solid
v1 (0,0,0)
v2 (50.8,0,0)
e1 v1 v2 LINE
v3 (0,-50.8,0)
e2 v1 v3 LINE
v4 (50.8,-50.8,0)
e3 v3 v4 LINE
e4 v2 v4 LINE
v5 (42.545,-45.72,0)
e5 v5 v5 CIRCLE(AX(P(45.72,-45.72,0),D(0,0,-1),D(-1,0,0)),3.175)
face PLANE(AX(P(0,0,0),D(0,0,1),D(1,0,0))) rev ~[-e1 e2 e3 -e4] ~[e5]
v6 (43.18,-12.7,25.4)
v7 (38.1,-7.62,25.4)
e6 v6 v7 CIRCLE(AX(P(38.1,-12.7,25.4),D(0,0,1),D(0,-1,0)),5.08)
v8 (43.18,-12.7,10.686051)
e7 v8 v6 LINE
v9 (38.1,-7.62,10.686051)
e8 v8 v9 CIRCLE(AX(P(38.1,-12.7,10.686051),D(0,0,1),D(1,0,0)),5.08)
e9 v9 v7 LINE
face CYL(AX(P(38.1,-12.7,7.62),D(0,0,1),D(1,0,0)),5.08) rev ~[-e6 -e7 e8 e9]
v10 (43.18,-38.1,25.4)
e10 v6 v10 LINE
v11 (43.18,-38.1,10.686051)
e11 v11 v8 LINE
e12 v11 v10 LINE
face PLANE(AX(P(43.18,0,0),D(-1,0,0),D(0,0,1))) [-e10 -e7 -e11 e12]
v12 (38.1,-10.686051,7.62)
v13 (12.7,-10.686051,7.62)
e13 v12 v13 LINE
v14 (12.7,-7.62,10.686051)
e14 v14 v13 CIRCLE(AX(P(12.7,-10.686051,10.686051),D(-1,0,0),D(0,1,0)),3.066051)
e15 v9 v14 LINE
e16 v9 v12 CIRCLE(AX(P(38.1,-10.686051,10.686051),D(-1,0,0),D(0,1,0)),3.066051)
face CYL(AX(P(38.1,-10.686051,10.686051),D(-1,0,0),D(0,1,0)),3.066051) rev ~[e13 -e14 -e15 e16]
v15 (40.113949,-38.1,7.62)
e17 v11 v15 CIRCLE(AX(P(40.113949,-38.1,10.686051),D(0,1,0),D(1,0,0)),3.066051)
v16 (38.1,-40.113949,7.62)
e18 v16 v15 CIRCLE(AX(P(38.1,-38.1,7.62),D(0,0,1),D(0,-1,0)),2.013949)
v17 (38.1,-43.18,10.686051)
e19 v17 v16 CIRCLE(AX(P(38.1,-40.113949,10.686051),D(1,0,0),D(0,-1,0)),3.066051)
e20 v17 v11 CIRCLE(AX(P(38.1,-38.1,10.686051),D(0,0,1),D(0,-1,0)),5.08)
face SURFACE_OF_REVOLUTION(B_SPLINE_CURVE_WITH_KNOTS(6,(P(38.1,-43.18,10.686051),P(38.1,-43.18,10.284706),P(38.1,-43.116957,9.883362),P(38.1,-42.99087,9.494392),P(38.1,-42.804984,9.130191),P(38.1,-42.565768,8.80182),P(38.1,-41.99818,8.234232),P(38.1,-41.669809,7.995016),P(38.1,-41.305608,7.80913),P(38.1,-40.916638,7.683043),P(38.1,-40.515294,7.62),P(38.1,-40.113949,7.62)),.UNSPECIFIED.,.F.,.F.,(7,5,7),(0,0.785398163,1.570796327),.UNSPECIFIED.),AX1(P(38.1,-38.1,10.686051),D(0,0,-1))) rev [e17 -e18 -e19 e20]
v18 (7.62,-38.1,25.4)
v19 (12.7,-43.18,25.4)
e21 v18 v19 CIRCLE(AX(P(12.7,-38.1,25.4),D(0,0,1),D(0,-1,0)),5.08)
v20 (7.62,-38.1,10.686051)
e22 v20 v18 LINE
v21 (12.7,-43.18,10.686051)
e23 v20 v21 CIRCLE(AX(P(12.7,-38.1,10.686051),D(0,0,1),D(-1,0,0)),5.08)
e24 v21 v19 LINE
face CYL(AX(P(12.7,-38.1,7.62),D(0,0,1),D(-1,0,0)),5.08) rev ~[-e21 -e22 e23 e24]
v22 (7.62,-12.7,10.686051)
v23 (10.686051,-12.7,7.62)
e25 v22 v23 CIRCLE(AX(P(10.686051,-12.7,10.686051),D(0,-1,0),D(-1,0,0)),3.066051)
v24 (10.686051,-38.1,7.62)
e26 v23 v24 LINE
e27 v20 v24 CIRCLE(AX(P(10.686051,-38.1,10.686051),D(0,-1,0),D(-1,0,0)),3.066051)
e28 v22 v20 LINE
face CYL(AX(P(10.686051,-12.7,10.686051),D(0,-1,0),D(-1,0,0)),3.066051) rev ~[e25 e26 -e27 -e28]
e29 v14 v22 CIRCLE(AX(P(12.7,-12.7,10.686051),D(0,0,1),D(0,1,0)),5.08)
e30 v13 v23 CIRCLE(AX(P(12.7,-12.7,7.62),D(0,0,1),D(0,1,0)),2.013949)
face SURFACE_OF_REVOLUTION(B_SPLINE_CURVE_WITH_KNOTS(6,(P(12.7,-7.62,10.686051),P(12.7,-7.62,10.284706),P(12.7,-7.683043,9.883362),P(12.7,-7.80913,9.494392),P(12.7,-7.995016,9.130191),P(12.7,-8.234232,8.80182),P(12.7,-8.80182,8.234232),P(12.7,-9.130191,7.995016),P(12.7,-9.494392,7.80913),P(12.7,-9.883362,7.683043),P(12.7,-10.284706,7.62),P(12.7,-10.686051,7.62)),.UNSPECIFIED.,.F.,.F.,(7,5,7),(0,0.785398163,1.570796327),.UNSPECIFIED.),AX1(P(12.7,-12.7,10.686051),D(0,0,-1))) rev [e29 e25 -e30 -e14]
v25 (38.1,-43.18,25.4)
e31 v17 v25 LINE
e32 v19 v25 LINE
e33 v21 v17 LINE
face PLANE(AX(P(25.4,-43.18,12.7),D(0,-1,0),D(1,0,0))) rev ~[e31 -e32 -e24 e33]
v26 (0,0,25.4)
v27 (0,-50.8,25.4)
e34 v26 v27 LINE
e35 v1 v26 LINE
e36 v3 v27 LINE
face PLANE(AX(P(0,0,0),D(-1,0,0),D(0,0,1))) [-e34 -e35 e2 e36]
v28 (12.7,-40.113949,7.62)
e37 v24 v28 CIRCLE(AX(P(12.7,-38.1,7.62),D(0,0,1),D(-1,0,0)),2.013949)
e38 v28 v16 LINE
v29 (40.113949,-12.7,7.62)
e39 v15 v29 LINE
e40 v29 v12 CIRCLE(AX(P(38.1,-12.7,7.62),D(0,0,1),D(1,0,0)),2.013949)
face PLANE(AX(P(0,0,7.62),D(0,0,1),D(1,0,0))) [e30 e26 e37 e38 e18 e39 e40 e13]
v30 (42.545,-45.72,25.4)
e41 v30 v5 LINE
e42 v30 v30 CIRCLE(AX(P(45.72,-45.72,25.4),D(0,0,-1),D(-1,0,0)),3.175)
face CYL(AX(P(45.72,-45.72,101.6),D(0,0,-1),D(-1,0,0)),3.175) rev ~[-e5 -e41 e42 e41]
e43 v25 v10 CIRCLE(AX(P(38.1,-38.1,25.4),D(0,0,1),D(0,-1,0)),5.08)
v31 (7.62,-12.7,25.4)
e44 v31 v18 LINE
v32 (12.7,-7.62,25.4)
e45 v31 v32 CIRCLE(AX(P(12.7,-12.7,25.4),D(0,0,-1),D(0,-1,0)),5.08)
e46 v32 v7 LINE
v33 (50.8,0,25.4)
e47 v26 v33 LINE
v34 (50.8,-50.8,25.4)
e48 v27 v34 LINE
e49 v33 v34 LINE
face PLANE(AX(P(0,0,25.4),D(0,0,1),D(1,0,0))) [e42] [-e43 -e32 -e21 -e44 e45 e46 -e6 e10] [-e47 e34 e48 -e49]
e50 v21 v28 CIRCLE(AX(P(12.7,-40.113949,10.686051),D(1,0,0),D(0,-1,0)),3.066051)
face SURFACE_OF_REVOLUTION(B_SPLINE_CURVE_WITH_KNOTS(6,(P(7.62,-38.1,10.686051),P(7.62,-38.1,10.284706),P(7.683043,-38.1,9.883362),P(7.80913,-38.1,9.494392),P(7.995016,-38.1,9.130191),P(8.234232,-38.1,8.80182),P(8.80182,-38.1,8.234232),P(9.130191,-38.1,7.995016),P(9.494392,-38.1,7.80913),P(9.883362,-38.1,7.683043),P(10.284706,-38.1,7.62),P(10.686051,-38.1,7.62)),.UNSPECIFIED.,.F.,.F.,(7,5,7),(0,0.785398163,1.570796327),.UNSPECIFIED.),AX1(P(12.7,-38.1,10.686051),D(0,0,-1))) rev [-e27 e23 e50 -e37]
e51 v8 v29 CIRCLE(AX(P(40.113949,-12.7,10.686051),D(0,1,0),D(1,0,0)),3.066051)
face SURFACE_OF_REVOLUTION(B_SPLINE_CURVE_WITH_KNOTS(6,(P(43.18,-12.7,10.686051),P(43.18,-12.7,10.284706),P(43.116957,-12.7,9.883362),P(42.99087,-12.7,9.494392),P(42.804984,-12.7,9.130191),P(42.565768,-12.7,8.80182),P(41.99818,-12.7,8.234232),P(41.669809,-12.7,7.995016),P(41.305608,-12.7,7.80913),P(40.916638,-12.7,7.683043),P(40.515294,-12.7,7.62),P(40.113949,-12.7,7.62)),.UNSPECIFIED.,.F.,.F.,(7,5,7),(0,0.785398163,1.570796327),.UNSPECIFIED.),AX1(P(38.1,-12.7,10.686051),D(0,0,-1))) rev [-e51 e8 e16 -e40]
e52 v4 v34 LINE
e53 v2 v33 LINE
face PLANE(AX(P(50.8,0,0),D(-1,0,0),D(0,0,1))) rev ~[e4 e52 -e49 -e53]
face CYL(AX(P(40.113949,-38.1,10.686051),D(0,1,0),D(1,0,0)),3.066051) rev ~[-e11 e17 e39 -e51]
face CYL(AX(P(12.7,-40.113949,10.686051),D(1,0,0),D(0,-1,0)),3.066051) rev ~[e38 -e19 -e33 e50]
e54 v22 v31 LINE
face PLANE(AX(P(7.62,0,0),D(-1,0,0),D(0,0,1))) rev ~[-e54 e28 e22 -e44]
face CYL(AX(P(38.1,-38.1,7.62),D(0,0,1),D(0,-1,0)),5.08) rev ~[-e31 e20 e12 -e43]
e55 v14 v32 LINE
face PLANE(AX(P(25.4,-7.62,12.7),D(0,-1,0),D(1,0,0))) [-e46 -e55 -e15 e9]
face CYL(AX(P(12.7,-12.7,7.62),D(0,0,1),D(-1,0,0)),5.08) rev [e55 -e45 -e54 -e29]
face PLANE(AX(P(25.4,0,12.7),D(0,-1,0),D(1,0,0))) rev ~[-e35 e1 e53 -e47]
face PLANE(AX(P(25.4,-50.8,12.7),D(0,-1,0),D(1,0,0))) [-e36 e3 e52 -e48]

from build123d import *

# Parameters (mm, degrees)
F0_W     = 50.8
F0_H     = 25.4
F1_DEPTH = 50.8
F2_T     = -7.62
F3_R     = 5.08
F4_R     = 5.08
F5_R     = 5.08
F6_R     = 5.08
F8_D     = 6.35
F9_R     = 3.0660512242


with BuildPart() as f1:
    # F0 (on Front) → F1 (new body)
    with BuildSketch(Plane.XZ):
        with Locations((25.4, 12.7)):
            Rectangle(F0_W, F0_H)
    extrude(amount=F1_DEPTH)

    # F2
    f2_openings = [f1.faces().sort_by_distance(p)[0] for p in [
        (25.4, -25.4, 25.4),
    ]]
    offset(amount=F2_T, openings=f2_openings)

    # F3
    f3_edges = [f1.edges().sort_by_distance(p)[0] for p in [
        (7.62, -7.62, 16.51),
    ]]
    fillet(f3_edges, radius=F3_R)

    # F4
    f4_edges = [f1.edges().sort_by_distance(p)[0] for p in [
        (7.62, -43.18, 16.51),
    ]]
    fillet(f4_edges, radius=F4_R)

    # F5
    f5_edges = [f1.edges().sort_by_distance(p)[0] for p in [
        (43.18, -43.18, 16.51),
    ]]
    fillet(f5_edges, radius=F5_R)

    # F6
    f6_edges = [f1.edges().sort_by_distance(p)[0] for p in [
        (43.18, -7.62, 16.51),
    ]]
    fillet(f6_edges, radius=F6_R)

    # F8 (through all)
    with Locations(Plane.XY.offset(25.4)):
        with Locations((45.72, -45.72)):
            Hole(F8_D / 2)

    # F9
    f9_edges = [f1.edges().sort_by_distance(p)[0] for p in [
        (25.4, -7.62, 7.62),
    ]]
    fillet(f9_edges, radius=F9_R)


solid = f1.part
